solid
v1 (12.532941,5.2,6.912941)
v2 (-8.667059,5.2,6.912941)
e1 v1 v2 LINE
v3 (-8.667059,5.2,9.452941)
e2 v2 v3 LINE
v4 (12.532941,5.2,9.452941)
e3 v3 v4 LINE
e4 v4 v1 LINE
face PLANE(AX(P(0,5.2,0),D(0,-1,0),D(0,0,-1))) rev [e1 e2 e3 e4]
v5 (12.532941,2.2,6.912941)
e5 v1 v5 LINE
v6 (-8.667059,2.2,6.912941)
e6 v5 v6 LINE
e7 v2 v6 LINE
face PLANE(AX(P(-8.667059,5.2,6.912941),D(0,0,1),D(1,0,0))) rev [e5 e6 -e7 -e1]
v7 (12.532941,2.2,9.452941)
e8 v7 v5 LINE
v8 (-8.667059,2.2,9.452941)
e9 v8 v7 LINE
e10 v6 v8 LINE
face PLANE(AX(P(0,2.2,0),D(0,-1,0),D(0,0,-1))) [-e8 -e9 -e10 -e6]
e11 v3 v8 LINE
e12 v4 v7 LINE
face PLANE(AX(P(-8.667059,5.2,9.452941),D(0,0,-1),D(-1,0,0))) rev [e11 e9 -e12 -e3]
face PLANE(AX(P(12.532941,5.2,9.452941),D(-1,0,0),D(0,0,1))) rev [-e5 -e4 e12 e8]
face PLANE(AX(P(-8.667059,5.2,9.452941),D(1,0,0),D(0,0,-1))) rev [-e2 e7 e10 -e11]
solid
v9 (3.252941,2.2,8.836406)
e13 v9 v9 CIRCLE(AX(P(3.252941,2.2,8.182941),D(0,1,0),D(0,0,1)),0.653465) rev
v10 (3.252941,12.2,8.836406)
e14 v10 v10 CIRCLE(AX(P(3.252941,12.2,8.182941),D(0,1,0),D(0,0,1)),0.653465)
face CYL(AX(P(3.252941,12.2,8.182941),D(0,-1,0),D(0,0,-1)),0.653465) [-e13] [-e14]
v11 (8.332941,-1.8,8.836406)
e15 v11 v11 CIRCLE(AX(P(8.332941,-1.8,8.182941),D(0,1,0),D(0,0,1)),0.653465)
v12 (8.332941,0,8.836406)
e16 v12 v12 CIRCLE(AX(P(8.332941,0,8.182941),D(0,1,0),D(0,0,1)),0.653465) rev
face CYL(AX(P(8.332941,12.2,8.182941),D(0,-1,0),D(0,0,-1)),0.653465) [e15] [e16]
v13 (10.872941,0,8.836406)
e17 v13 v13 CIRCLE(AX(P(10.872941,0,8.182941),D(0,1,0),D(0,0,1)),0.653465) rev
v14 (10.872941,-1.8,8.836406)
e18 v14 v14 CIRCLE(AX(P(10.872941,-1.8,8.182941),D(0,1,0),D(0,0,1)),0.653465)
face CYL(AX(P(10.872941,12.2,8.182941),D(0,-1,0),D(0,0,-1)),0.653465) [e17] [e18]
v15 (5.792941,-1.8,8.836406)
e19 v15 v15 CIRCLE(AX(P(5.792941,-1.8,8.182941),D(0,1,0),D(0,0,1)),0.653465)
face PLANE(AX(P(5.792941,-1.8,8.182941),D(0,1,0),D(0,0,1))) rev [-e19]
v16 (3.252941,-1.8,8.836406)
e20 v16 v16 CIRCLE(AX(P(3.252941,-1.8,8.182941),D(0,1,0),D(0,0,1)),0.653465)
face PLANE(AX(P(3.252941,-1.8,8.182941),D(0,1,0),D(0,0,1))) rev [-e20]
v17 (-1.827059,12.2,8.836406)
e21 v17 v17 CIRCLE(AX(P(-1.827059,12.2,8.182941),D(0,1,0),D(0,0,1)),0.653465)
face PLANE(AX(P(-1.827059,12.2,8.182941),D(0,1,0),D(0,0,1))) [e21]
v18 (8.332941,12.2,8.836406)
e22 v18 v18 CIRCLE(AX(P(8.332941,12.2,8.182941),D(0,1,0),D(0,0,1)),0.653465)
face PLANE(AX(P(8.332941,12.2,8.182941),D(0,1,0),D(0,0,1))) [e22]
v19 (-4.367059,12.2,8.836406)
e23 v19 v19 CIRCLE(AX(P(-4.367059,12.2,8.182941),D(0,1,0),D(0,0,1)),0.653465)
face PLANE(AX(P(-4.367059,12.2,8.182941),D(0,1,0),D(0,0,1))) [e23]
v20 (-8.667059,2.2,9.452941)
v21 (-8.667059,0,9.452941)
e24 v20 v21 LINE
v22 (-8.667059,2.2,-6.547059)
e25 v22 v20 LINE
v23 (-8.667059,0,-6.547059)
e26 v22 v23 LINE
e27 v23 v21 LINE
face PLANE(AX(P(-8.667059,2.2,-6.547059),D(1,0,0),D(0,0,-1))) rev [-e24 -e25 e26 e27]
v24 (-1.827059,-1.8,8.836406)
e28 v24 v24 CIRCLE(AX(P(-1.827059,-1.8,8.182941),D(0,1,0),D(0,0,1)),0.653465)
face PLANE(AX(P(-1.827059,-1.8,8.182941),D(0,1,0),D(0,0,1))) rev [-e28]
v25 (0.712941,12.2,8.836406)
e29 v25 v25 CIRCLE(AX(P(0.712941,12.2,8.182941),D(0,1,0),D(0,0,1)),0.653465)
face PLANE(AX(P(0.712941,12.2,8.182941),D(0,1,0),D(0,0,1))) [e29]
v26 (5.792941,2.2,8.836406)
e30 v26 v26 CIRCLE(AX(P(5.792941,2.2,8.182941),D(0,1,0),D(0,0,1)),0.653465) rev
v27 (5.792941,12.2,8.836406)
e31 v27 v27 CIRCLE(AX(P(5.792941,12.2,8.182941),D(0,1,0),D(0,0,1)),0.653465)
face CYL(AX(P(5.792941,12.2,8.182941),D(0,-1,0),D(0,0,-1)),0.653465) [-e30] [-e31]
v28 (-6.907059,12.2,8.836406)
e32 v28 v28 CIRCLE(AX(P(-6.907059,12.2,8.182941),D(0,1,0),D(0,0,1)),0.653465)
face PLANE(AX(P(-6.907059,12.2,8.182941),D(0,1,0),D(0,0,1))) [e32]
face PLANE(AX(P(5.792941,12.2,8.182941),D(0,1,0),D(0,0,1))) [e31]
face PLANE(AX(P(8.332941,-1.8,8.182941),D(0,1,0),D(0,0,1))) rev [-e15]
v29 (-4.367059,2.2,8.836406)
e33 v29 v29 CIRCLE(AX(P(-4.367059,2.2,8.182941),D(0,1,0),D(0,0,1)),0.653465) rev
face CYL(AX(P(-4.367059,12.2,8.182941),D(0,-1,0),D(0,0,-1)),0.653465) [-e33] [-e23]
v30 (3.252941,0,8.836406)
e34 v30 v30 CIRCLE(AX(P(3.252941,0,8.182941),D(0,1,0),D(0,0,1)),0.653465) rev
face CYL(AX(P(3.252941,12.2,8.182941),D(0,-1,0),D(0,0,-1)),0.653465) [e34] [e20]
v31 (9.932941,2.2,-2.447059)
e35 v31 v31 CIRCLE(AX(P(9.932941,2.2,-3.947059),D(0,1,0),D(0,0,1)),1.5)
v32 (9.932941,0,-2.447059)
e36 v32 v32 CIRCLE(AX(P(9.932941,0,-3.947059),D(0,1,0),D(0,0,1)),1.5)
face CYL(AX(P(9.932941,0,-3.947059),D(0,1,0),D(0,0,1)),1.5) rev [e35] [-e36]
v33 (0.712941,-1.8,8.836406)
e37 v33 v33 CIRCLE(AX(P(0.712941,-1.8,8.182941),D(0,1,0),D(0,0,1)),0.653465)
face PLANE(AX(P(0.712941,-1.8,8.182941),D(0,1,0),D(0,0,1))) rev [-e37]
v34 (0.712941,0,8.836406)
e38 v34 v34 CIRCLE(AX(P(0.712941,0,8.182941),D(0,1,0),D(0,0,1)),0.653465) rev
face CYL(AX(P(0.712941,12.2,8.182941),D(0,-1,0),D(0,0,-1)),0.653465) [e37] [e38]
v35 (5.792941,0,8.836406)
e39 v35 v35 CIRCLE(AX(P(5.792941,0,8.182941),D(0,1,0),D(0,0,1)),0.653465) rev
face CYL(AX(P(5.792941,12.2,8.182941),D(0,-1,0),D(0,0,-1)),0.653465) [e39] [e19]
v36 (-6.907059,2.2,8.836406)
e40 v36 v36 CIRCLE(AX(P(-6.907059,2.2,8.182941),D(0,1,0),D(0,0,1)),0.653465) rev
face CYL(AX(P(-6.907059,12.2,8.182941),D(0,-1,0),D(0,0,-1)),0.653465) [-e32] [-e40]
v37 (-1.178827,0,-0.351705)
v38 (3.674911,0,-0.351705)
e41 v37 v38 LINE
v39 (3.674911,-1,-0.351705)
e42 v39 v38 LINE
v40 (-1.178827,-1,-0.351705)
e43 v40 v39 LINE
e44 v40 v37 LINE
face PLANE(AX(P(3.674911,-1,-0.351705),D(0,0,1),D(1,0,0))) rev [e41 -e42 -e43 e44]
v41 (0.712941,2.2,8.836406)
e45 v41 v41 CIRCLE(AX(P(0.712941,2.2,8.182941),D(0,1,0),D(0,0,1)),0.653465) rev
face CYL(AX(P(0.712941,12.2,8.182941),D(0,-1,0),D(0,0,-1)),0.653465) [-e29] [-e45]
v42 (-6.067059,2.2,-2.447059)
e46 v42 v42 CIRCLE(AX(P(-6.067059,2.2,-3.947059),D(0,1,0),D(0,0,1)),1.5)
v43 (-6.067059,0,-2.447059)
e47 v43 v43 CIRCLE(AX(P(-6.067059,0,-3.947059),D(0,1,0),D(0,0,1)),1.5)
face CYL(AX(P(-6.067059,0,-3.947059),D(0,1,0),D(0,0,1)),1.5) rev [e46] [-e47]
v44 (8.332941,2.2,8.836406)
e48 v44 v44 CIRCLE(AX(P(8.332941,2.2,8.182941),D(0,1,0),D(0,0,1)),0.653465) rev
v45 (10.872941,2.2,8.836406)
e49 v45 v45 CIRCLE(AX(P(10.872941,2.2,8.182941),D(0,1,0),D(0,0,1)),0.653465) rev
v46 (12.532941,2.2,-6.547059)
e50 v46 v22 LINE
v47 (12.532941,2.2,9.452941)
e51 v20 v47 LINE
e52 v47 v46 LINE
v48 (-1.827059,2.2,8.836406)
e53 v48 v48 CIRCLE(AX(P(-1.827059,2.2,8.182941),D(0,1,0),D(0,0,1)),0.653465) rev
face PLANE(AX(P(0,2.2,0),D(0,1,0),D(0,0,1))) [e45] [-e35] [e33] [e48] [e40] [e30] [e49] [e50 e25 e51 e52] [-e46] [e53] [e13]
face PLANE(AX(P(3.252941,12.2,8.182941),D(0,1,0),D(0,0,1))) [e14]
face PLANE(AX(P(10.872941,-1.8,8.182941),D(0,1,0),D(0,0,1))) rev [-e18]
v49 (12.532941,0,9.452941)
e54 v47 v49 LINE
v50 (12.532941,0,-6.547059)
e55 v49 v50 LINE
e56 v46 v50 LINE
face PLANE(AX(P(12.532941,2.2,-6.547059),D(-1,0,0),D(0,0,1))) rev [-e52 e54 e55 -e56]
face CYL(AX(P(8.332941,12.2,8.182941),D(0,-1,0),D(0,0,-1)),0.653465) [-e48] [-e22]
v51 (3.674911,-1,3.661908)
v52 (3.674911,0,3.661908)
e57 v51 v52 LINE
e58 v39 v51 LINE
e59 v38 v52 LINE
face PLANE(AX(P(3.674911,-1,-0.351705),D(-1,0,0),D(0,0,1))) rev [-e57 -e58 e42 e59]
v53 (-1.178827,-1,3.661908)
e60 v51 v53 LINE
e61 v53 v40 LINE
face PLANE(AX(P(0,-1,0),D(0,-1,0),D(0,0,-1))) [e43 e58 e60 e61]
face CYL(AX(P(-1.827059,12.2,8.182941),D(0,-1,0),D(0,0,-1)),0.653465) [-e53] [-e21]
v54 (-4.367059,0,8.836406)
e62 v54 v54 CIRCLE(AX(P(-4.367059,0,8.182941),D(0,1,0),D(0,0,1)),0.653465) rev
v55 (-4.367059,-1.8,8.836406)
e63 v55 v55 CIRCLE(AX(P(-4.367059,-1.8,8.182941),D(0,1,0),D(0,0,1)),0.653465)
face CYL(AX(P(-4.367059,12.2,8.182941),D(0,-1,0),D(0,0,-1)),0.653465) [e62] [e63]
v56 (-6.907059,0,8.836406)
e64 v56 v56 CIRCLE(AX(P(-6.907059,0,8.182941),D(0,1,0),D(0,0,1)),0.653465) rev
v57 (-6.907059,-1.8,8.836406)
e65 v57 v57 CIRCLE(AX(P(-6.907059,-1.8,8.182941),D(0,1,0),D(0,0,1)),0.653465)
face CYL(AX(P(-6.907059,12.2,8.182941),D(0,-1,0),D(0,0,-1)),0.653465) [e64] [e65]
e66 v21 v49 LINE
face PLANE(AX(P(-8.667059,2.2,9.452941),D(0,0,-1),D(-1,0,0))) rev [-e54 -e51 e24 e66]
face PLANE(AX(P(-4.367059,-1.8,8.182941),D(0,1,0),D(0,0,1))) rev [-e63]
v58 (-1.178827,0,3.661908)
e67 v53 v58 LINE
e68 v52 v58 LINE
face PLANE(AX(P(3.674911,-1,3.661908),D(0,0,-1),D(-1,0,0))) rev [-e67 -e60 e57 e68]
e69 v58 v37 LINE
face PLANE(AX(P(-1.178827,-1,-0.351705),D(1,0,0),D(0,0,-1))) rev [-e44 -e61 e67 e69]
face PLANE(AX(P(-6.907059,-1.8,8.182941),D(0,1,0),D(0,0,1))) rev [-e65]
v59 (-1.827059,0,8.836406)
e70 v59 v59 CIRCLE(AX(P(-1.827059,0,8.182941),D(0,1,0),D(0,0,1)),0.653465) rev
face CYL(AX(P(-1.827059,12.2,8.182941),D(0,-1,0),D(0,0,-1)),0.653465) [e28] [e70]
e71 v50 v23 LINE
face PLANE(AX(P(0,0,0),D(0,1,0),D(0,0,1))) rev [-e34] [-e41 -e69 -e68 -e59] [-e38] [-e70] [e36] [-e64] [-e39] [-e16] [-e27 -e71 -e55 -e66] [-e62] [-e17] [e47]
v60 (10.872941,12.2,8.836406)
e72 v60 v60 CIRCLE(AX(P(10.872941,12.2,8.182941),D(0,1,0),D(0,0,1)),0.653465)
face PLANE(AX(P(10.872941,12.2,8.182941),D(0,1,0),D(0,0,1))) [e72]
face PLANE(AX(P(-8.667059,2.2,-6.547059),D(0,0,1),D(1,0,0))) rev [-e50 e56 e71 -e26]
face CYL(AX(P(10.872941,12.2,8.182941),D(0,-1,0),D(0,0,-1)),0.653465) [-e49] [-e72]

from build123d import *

# Parameters (mm, degrees)
SKETCH1_W                = 21.2
SKETCH1_H                = 16
BOSS_EXTRUDE1_DEPTH      = 2.2
SKETCH2_R                = 1.5
CUT_EXTRUDE1_DEPTH       = 2.2
SKETCH3_R                = 0.653464603
BOSS_EXTRUDE2_DEPTH      = 10
BOSS_EXTRUDE2_DEPTH_BACK = 4
SKETCH4_W                = 21.2
SKETCH4_H                = 2.54
BOSS_EXTRUDE3_DEPTH      = 3
SKETCH5_W                = 4.85373887
SKETCH5_H                = 4.013612747
BOSS_EXTRUDE4_DEPTH      = 1


with BuildPart() as part:
    # Sketch1 → Boss-Extrude1 (new body)
    with BuildSketch(Plane(origin=(0, 0, 0), x_dir=(1, 0, 0), z_dir=(0, 1, 0))):
        with Locations((1.932941176, -1.452941176)):
            Rectangle(SKETCH1_W, SKETCH1_H)
    extrude(amount=BOSS_EXTRUDE1_DEPTH)

    # Sketch2 → Cut-Extrude1 (cut)
    with BuildSketch(Plane(origin=(0, 2.2, 0), x_dir=(1, 0, 0), z_dir=(0, 1, 0))):
        with Locations((-6.067058824, 3.947058824)):
            Circle(SKETCH2_R)
        with Locations((9.932941176, 3.947058824)):
            Circle(SKETCH2_R)
    extrude(amount=-CUT_EXTRUDE1_DEPTH, mode=Mode.SUBTRACT)

    # Sketch3 → Boss-Extrude2 (add, two sides)
    with BuildSketch(Plane(origin=(0, 2.2, 0), x_dir=(1, 0, 0), z_dir=(0, 1, 0))) as boss_extrude2_sk:
        with Locations((-6.907058824, -8.182941176)):
            Circle(SKETCH3_R)
        with Locations((-4.367058824, -8.182941176)):
            Circle(SKETCH3_R)
        with Locations((-1.827058824, -8.182941176)):
            Circle(SKETCH3_R)
        with Locations((0.712941176, -8.182941176)):
            Circle(SKETCH3_R)
        with Locations((3.252941176, -8.182941176)):
            Circle(SKETCH3_R)
        with Locations((5.792941176, -8.182941176)):
            Circle(SKETCH3_R)
        with Locations((8.332941176, -8.182941176)):
            Circle(SKETCH3_R)
        with Locations((10.872941176, -8.182941176)):
            Circle(SKETCH3_R)
    extrude(amount=BOSS_EXTRUDE2_DEPTH)
    extrude(boss_extrude2_sk.sketch, amount=-BOSS_EXTRUDE2_DEPTH_BACK)

    # Sketch5 → Boss-Extrude4 (add)
    with BuildSketch(Plane.XZ):
        with Locations((1.248041988, 1.655101133)):
            Rectangle(SKETCH5_W, SKETCH5_H)
    extrude(amount=BOSS_EXTRUDE4_DEPTH)


with BuildPart() as body_2:
    # Sketch4 → Boss-Extrude3 (new body)
    with BuildSketch(Plane(origin=(0, 2.2, 0), x_dir=(1, 0, 0), z_dir=(0, 1, 0))):
        with Locations((1.932941176, -8.182941176)):
            Rectangle(SKETCH4_W, SKETCH4_H)
    extrude(amount=BOSS_EXTRUDE3_DEPTH)


solid = Compound([part.part, body_2.part])
